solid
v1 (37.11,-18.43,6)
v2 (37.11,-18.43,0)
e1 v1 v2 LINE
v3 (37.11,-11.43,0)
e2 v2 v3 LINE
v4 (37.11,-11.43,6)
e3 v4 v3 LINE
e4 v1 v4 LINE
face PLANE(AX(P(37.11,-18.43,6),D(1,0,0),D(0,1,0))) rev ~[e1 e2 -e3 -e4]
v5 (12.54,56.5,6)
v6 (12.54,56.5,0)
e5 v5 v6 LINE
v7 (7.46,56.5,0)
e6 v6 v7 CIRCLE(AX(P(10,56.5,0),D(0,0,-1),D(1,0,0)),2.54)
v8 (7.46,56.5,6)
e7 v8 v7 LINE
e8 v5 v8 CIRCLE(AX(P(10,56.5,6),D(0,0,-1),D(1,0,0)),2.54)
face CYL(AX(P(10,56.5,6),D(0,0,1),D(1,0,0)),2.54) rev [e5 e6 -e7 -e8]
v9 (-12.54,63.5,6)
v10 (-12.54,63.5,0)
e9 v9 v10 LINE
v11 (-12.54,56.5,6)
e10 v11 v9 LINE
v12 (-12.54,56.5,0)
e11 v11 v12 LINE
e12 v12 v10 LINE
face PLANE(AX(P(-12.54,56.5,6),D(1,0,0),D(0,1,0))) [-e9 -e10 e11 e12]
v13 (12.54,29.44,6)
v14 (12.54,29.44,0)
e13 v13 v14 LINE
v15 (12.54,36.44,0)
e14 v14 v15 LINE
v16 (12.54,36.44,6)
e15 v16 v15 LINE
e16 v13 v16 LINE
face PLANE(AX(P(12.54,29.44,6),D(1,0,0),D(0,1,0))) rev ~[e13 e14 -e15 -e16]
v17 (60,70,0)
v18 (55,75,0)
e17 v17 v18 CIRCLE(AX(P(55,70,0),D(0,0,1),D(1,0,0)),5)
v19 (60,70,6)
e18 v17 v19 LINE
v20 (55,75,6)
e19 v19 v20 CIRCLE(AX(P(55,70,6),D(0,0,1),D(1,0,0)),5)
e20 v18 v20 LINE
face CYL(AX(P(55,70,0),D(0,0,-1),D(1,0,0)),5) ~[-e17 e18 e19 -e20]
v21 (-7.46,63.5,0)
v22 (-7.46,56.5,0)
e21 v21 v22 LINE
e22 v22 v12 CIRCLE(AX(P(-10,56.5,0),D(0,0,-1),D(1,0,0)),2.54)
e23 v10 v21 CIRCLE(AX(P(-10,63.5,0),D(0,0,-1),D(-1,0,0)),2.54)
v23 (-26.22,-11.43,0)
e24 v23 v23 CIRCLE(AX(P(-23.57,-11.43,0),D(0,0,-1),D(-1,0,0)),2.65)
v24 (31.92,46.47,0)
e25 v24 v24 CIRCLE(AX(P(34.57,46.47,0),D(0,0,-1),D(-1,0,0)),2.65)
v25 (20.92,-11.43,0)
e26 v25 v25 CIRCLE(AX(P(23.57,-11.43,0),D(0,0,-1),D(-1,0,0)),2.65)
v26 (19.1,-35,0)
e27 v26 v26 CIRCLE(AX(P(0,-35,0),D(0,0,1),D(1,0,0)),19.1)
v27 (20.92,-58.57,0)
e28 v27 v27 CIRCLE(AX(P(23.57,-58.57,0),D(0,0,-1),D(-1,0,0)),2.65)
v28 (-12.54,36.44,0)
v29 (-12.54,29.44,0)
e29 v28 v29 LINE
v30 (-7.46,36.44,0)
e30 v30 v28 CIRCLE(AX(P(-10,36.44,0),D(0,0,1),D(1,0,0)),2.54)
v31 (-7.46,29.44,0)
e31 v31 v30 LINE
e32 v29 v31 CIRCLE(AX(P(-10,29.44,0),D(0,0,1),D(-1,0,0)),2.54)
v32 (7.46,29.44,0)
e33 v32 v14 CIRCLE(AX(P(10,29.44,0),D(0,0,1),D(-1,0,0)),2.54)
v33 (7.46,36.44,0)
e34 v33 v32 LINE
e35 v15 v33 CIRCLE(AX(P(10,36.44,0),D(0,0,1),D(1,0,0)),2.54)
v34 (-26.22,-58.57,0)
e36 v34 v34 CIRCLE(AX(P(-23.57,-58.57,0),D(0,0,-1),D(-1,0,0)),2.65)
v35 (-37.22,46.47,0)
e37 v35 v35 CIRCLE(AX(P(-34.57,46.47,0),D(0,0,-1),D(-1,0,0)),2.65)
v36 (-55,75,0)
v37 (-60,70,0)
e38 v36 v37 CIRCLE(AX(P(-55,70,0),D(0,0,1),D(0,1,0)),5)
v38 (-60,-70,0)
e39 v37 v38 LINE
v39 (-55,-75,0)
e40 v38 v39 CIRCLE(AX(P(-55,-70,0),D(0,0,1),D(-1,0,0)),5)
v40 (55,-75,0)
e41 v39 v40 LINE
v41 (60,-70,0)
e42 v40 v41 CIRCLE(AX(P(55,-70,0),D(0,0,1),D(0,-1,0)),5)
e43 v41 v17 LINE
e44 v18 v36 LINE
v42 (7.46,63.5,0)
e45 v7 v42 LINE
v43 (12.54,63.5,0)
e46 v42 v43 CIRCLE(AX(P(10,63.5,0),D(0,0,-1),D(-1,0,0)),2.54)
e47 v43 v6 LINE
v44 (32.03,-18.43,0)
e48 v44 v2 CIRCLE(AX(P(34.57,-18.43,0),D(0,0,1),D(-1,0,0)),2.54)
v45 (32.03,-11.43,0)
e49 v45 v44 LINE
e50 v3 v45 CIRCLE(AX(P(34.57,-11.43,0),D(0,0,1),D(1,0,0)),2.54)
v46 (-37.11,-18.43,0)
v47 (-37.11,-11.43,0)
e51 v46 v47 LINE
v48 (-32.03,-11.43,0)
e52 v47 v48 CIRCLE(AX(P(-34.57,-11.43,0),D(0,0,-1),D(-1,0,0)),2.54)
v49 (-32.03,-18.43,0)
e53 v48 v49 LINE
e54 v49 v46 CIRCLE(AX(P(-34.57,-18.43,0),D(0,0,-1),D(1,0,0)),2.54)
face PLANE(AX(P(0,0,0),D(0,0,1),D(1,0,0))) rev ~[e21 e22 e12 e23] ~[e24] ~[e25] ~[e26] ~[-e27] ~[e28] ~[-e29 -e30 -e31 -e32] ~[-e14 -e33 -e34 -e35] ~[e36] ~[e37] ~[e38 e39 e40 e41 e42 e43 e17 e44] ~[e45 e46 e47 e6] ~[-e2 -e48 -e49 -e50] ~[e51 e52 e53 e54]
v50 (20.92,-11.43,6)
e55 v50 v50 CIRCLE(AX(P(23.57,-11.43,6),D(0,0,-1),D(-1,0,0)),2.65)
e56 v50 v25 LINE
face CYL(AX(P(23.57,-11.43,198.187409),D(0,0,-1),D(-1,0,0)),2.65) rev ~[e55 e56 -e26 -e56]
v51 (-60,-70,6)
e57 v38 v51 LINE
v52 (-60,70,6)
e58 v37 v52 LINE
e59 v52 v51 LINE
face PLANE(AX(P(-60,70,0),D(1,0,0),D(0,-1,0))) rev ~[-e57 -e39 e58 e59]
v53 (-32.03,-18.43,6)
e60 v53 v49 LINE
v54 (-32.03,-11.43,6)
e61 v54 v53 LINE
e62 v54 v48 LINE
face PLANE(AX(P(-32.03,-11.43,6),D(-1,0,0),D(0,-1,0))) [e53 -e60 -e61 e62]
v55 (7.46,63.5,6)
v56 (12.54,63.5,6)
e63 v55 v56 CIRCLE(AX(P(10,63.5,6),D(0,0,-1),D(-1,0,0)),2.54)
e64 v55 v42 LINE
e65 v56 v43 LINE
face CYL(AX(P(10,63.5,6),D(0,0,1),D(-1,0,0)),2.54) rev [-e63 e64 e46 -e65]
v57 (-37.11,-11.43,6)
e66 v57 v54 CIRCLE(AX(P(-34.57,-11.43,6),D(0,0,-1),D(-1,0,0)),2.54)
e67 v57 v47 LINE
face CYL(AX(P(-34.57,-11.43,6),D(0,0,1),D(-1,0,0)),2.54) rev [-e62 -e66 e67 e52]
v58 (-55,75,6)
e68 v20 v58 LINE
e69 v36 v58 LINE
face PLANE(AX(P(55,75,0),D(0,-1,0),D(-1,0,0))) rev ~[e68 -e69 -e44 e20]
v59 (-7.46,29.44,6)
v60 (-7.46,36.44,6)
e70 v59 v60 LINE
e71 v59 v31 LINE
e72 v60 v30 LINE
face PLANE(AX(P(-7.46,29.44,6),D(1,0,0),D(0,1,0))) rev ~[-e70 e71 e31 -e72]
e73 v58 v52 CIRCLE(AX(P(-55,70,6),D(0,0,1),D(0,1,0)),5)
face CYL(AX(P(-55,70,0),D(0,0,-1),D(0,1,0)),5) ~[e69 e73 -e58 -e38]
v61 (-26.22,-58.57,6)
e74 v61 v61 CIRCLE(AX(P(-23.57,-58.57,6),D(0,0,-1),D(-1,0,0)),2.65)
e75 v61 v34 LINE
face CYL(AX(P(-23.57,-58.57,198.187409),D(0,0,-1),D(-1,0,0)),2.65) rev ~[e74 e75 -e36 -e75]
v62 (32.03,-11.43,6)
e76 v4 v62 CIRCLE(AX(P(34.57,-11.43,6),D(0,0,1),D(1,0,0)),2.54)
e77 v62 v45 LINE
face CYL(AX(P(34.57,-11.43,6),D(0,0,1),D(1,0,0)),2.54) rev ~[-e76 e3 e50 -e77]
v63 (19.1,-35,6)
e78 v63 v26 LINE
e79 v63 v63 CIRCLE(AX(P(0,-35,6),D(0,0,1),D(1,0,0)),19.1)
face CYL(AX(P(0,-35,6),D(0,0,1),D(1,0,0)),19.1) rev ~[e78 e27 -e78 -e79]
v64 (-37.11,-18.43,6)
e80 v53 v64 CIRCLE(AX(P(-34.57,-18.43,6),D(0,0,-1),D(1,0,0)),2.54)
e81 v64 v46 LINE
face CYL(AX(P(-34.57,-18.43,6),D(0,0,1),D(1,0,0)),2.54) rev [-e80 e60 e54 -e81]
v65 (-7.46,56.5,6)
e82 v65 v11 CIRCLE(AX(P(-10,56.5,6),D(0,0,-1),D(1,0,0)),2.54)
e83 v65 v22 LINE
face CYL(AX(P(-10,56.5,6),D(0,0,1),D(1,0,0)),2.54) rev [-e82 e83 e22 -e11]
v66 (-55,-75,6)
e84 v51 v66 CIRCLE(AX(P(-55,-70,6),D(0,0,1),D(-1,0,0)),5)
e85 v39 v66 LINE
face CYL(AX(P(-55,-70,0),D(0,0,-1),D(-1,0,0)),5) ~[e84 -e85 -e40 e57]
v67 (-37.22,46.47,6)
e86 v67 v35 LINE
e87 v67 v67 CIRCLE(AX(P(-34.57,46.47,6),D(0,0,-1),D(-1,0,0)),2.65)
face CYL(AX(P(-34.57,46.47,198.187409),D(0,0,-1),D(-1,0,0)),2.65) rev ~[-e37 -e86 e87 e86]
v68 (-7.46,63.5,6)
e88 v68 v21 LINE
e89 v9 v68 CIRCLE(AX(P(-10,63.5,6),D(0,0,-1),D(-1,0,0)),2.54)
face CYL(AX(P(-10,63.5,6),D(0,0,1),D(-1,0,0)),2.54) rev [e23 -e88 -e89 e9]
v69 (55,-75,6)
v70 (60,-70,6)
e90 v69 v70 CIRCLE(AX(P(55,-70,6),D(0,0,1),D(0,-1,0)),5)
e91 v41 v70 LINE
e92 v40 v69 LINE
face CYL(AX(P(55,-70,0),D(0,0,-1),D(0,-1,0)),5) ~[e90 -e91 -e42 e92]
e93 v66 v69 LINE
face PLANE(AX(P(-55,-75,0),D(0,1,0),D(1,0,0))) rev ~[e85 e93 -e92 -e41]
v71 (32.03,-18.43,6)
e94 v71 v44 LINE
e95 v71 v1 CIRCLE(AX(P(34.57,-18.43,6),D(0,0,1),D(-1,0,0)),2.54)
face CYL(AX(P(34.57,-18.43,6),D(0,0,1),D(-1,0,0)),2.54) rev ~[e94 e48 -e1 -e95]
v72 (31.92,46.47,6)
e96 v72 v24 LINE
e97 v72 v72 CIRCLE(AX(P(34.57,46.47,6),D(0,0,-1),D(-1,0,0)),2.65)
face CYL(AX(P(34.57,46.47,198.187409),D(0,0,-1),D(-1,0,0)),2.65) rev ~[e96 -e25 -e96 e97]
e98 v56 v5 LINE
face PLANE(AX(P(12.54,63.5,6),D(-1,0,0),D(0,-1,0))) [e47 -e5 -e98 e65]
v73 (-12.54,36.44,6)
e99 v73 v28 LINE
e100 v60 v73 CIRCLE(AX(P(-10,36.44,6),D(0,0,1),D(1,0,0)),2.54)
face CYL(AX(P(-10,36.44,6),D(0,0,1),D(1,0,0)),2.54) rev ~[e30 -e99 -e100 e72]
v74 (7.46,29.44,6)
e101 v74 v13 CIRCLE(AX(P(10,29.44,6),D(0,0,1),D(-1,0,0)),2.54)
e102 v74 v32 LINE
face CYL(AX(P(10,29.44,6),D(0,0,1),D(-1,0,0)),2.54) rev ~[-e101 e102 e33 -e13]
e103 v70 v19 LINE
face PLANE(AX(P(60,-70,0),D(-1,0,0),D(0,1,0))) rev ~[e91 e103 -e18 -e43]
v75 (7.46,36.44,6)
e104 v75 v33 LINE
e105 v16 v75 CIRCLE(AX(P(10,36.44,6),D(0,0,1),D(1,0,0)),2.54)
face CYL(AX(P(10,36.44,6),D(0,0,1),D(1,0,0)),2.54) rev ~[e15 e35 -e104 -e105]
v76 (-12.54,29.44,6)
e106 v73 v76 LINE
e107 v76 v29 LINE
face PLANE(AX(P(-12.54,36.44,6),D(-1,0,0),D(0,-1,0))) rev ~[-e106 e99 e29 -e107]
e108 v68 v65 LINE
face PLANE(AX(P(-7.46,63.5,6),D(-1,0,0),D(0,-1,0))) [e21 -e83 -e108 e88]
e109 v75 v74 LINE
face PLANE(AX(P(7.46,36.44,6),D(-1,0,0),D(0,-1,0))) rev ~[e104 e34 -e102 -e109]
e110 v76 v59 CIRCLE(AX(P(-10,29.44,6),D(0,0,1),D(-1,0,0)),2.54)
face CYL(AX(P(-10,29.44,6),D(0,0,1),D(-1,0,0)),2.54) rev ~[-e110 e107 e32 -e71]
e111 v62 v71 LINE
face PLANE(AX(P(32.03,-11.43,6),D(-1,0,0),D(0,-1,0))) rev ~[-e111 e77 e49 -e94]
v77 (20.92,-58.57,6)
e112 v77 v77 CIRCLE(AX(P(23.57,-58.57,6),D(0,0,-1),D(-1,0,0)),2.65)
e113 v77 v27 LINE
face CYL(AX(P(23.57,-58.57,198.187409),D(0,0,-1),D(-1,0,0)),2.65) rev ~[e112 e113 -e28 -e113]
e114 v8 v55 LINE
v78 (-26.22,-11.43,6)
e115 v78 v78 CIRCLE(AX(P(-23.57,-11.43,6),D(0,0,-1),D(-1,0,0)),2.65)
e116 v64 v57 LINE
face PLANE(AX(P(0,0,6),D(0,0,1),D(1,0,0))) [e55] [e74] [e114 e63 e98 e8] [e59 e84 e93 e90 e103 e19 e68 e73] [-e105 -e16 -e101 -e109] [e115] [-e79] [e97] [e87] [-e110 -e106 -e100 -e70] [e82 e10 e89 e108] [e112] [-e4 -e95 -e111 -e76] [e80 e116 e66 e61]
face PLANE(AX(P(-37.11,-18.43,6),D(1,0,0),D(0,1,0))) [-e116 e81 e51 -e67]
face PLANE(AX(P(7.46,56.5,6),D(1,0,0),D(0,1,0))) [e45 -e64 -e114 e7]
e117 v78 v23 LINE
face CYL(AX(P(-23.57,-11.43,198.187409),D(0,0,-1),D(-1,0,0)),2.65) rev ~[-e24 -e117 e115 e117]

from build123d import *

# Parameters (mm, degrees)
BOSS_EXTRUDE1_DEPTH  = 6
SKETCH4_R            = 19.1
CUT_EXTRUDE1_DEPTH   = 6
M5_CLEARANCE_HOLE1_D = 5.3
CUT_EXTRUDE2_DEPTH   = 6
M5_CLEARANCE_HOLE2_D = 5.3
CUT_EXTRUDE3_DEPTH   = 6


with BuildPart() as part:
    # Sketch3 → Boss-Extrude1 (new body)
    with BuildSketch(Plane.XY):
        with BuildLine():
            Line((-55, -75), (55, -75))
            ThreePointArc((55, -75), (58.535533906, -73.535533906), (60, -70))
            Line((60, -70), (60, 70))
            ThreePointArc((60, 70), (58.535533906, 73.535533906), (55, 75))
            Line((55, 75), (-55, 75))
            ThreePointArc((-55, 75), (-58.535533906, 73.535533906), (-60, 70))
            Line((-60, 70), (-60, -70))
            ThreePointArc((-60, -70), (-58.535533906, -73.535533906), (-55, -75))
        make_face()
    extrude(amount=BOSS_EXTRUDE1_DEPTH)

    # Sketch4 → Cut-Extrude1 (cut)
    with BuildSketch(Plane.XY.offset(6)):
        with Locations((0, -35)):
            Circle(SKETCH4_R)
    extrude(amount=-CUT_EXTRUDE1_DEPTH, mode=Mode.SUBTRACT)

    # M5 Clearance Hole1 (through all)
    with Locations(Plane.XY.offset(6)):
        with Locations((-23.57, -11.43), (23.57, -11.43), (23.57, -58.57), (-23.57, -58.57)):
            Hole(M5_CLEARANCE_HOLE1_D / 2)

    # Sketch7 → Cut-Extrude2 (cut)
    with BuildSketch(Plane.XY.offset(6)):
        with BuildLine():
            Line((-32.03, -11.43), (-32.03, -18.43))
            ThreePointArc((-32.03, -18.43), (-34.57, -20.97), (-37.11, -18.43))
            Line((-37.11, -18.43), (-37.11, -11.43))
            ThreePointArc((-37.11, -11.43), (-34.57, -8.89), (-32.03, -11.43))
        make_face()
        with BuildLine():
            Line((32.03, -11.43), (32.03, -18.43))
            ThreePointArc((32.03, -18.43), (34.57, -20.97), (37.11, -18.43))
            Line((37.11, -18.43), (37.11, -11.43))
            ThreePointArc((37.11, -11.43), (34.57, -8.89), (32.03, -11.43))
        make_face()
    extrude(amount=-CUT_EXTRUDE2_DEPTH, mode=Mode.SUBTRACT)

    # M5 Clearance Hole2 (through all)
    with Locations(Plane.XY.offset(6)):
        with Locations((-34.57, 46.47), (34.57, 46.47)):
            Hole(M5_CLEARANCE_HOLE2_D / 2)

    # Sketch10 → Cut-Extrude3 (cut)
    with BuildSketch(Plane.XY.offset(6)):
        with BuildLine():
            Line((-7.46, 63.5), (-7.46, 56.5))
            ThreePointArc((-7.46, 56.5), (-10, 53.96), (-12.54, 56.5))
            Line((-12.54, 56.5), (-12.54, 63.5))
            ThreePointArc((-12.54, 63.5), (-10, 66.04), (-7.46, 63.5))
        make_face()
        with BuildLine():
            Line((12.54, 63.5), (12.54, 56.5))
            ThreePointArc((12.54, 56.5), (10, 53.96), (7.46, 56.5))
            Line((7.46, 56.5), (7.46, 63.5))
            ThreePointArc((7.46, 63.5), (10, 66.04), (12.54, 63.5))
        make_face()
        with BuildLine():
            Line((-7.46, 29.44), (-7.46, 36.44))
            ThreePointArc((-7.46, 36.44), (-10, 38.98), (-12.54, 36.44))
            Line((-12.54, 36.44), (-12.54, 29.44))
            ThreePointArc((-12.54, 29.44), (-10, 26.9), (-7.46, 29.44))
        make_face()
        with BuildLine():
            Line((12.54, 29.44), (12.54, 36.44))
            ThreePointArc((12.54, 36.44), (10, 38.98), (7.46, 36.44))
            Line((7.46, 36.44), (7.46, 29.44))
            ThreePointArc((7.46, 29.44), (10, 26.9), (12.54, 29.44))
        make_face()
    extrude(amount=-CUT_EXTRUDE3_DEPTH, mode=Mode.SUBTRACT)


solid = part.part
